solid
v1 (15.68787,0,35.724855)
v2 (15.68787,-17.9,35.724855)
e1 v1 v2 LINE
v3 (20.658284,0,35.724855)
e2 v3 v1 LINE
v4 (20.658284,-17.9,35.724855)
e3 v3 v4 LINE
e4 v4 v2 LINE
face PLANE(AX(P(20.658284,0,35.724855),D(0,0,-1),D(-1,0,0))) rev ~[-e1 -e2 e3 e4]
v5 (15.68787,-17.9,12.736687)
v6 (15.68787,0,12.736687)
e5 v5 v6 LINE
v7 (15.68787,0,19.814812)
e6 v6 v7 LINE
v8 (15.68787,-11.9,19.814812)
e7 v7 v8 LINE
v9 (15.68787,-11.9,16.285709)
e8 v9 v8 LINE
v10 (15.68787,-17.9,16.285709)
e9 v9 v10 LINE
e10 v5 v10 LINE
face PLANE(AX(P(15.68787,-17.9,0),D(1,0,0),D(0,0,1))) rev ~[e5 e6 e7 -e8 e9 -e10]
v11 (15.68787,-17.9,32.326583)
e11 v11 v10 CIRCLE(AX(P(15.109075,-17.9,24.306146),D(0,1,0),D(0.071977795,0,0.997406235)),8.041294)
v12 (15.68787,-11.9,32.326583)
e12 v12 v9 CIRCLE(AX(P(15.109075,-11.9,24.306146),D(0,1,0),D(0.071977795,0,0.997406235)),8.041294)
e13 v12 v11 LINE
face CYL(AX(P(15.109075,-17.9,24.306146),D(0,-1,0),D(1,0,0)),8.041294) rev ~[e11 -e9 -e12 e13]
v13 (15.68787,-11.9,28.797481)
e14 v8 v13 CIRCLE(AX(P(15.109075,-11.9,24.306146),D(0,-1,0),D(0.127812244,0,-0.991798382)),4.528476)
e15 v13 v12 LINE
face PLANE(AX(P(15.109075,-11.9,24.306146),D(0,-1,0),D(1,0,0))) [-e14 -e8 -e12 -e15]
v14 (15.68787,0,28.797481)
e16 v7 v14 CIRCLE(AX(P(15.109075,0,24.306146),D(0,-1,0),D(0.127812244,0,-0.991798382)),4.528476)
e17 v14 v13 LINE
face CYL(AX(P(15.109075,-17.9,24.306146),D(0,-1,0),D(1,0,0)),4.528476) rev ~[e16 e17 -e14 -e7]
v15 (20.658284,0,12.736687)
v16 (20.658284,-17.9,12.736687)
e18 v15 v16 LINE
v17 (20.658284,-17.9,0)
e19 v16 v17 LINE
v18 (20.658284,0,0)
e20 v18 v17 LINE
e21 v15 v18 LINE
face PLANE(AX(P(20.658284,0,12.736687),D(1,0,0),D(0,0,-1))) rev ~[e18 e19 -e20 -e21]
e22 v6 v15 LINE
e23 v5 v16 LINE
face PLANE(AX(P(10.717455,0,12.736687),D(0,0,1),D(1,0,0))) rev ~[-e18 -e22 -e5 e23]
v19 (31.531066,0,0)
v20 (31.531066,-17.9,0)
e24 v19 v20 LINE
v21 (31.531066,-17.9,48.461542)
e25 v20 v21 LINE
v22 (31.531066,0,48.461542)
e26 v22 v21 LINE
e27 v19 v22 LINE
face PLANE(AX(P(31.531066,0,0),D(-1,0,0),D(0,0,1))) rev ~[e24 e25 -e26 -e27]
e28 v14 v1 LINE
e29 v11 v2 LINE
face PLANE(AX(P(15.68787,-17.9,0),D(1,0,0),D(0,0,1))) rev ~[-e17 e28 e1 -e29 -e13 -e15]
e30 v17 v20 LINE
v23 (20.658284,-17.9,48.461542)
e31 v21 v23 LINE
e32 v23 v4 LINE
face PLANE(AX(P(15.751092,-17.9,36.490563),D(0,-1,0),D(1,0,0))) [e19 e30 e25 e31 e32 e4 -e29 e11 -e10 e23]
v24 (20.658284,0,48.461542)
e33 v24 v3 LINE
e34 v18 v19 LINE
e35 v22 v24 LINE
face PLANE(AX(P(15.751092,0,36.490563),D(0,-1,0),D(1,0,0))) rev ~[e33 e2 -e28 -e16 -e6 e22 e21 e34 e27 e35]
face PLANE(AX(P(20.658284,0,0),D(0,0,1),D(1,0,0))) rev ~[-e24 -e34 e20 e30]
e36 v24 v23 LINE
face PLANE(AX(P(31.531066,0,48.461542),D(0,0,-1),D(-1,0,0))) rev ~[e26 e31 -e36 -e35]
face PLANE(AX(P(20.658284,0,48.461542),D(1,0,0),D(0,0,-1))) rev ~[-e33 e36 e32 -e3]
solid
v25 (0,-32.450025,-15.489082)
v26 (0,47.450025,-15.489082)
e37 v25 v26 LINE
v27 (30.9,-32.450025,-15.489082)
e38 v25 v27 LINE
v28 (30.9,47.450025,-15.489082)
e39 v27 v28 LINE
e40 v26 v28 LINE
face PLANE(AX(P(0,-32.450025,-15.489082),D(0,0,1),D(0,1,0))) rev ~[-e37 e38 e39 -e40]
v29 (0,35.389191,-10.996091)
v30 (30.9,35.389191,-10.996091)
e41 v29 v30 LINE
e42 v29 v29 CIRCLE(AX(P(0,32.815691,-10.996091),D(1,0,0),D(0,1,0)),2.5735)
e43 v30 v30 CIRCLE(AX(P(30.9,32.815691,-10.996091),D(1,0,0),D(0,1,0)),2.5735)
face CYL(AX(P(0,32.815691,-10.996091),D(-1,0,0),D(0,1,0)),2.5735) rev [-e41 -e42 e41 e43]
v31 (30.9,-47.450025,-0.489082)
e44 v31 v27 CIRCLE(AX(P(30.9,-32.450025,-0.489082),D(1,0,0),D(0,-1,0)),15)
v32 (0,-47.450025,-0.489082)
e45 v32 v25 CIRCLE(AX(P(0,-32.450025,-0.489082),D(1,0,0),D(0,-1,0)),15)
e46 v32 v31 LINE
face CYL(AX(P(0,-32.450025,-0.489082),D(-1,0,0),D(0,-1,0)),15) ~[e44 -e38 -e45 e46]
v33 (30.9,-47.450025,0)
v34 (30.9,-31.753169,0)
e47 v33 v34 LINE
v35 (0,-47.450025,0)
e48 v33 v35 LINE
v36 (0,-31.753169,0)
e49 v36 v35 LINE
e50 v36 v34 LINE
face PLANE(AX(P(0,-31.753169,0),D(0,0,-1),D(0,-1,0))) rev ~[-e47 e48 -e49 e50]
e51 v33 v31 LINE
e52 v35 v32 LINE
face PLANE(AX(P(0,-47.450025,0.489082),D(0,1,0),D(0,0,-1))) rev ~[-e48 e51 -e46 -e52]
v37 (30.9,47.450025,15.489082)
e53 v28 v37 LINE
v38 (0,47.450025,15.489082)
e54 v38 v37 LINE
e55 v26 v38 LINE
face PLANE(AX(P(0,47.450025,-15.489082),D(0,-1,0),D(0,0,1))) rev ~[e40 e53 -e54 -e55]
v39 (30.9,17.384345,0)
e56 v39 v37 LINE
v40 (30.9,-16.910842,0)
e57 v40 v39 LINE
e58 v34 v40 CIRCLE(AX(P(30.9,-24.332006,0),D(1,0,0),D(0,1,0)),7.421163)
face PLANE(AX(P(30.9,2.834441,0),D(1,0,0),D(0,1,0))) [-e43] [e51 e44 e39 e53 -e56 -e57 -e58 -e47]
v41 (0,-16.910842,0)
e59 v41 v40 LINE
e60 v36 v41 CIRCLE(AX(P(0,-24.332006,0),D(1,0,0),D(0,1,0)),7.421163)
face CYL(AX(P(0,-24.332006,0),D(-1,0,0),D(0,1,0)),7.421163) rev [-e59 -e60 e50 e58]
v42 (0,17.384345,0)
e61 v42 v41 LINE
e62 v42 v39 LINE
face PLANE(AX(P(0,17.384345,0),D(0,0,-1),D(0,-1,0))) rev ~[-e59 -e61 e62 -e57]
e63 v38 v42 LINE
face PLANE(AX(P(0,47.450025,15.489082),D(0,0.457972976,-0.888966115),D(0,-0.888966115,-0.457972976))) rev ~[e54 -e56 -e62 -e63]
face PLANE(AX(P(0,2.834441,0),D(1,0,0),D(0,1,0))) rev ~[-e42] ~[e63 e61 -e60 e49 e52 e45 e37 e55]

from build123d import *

# Parameters (mm, degrees)
F1_DEPTH  = 17.9
F2_R      = 4.5284755856
F3_DEPTH  = 25
F4_R      = 8.0412942497
F5_DEPTH  = 6
F6_W      = 4.970414564
F6_H      = 12.7366865054
F6_W_2    = 10.7174552977
F7_DEPTH  = 25
F8_R      = 2.5735
F8_R_2    = 7.4211631747
F9_DEPTH  = 30.9
F10_R     = 2.5735
F11_DEPTH = 46.3


with BuildPart() as f1:
    # F0 (on Front) → F1 (new body)
    with BuildSketch(Plane.XZ):
        Polygon((0, 48.4615415335), (0, 24.2307707667), (31.5310657024, 24.2307707667), (31.5310657024, 48.4615415335), (20.6582844257, 48.4615415335), (20.6582844257, 35.7248550281), (10.7174552977, 35.7248550281), (10.7174552977, 48.4615415335), align=None)
        Polygon((0, 24.2307707667), (0, 0), (10.7174552977, 0), (10.7174552977, 12.7366865054), (20.6582844257, 12.7366865054), (20.6582844257, 0), (31.5310657024, 0), (31.5310657024, 24.2307707667), align=None)
    extrude(amount=F1_DEPTH)

    # F2 (on face) → F3 (cut)
    with BuildSketch(Plane.XZ.offset(17.9)):
        with Locations((15.1090752333, 24.306146428)):
            Circle(F2_R)
    extrude(amount=-F3_DEPTH, mode=Mode.SUBTRACT)

    # F4 (on face) → F5 (cut)
    with BuildSketch(Plane.XZ.offset(17.9)):
        with Locations((15.1090752333, 24.306146428)):
            Circle(F4_R)
    extrude(amount=-F5_DEPTH, mode=Mode.SUBTRACT)

    # F6 (on face) → F7 (cut)
    with BuildSketch(Plane.XZ.offset(17.9)):
        Polygon((10.7174552977, 35.7248550281), (15.6878698617, 35.7248550281), (15.6878698617, 52.4957589805), (0, 52.4957589805), (0, 48.4615415335), (10.7174552977, 48.4615415335), align=None)
        with Locations((13.2026625797, 6.3683432527)):
            Rectangle(F6_W, F6_H)
        with BuildLine():
            Line((15.6878698617, 32.3265834478), (15.6878698617, 35.7248550281))
            Line((15.6878698617, 35.7248550281), (10.7174552977, 35.7248550281))
            Line((10.7174552977, 35.7248550281), (0, 35.7248550281))
            Line((0, 35.7248550281), (0, 0))
            Line((0, 0), (10.7174552977, 0))
            Line((10.7174552977, 0), (10.7174552977, 12.7366865054))
            Line((10.7174552977, 12.7366865054), (15.6878698617, 12.7366865054))
            Line((15.6878698617, 12.7366865054), (15.6878698617, 16.2857094082))
            ThreePointArc((15.6878698617, 16.2857094082), (7.0677809836, 24.306146428), (15.6878698617, 32.3265834478))
        make_face()
        with BuildLine():
            Line((15.6878698617, 16.2857094082), (15.6878698617, 32.3265834478))
            ThreePointArc((15.6878698617, 32.3265834478), (7.0677809836, 24.306146428), (15.6878698617, 16.2857094082))
        make_face()
        with Locations((5.3587276489, 42.0931982808)):
            Rectangle(F6_W_2, F6_H)
    extrude(amount=-F7_DEPTH, mode=Mode.SUBTRACT)


with BuildPart() as f9:
    # F8 (on Right) → F9 (new body)
    with BuildSketch(Plane.YZ):
        with BuildLine():
            Line((47.4500246346, 15.4890818521), (-32.4500246346, 15.4890818521))
            ThreePointArc((-32.4500246346, 15.4890818521), (-43.0566263524, 11.0956835699), (-47.4500246346, 0.4890818521))
            Line((-47.4500246346, 0.4890818521), (-47.4500246346, -0.4890818521))
            ThreePointArc((-47.4500246346, -0.4890818521), (-43.0566263524, -11.0956835699), (-32.4500246346, -15.4890818521))
            Line((-32.4500246346, -15.4890818521), (47.4500246346, -15.4890818521))
            Line((47.4500246346, -15.4890818521), (47.4500246346, 15.4890818521))
        make_face()
        with Locations((32.8156910837, -10.9960911795)):
            Circle(F8_R, mode=Mode.SUBTRACT)
        with Locations((-24.3320055306, 0)):
            Circle(F8_R_2, mode=Mode.SUBTRACT)
        with Locations((32.8156910837, 10.9960911795)):
            Circle(F8_R, mode=Mode.SUBTRACT)
    extrude(amount=F9_DEPTH)

    # F10 (on face) → F11 (cut)
    with BuildSketch(Plane(origin=(0, 0, 0), x_dir=(0, -1, 0), z_dir=(-1, 0, 0))):
        with BuildLine():
            Line((47.4500246346, 0), (57.6194860041, 0))
            Line((57.6194860041, 0), (61.2181574106, 12.6681160182))
            Line((61.2181574106, 12.6681160182), (25.2314675599, 31.0402661562))
            Line((25.2314675599, 31.0402661562), (-47.4500246346, 15.4890818521))
            Line((-47.4500246346, 15.4890818521), (32.4500246346, 15.4890818521))
            ThreePointArc((32.4500246346, 15.4890818521), (43.0566263524, 11.0956835699), (47.4500246346, 0.4890818521))
            Line((47.4500246346, 0.4890818521), (47.4500246346, 0))
        make_face()
        with BuildLine():
            Line((31.7531687053, 0), (47.4500246346, 0))
            Line((47.4500246346, 0), (47.4500246346, 0.4890818521))
            ThreePointArc((47.4500246346, 0.4890818521), (43.0566263524, 11.0956835699), (32.4500246346, 15.4890818521))
            Line((32.4500246346, 15.4890818521), (-47.4500246346, 15.4890818521))
            Line((-47.4500246346, 15.4890818521), (-17.3843447119, 0))
            Line((-17.3843447119, 0), (16.9108423559, 0))
            ThreePointArc((16.9108423559, 0), (24.3320055306, 7.4211631747), (31.7531687053, 0))
        make_face()
        with Locations((-32.8156910837, 10.9960911795)):
            Circle(F10_R, mode=Mode.SUBTRACT)
    extrude(amount=-F11_DEPTH, mode=Mode.SUBTRACT)


solid = Compound([f1.part, f9.part])
